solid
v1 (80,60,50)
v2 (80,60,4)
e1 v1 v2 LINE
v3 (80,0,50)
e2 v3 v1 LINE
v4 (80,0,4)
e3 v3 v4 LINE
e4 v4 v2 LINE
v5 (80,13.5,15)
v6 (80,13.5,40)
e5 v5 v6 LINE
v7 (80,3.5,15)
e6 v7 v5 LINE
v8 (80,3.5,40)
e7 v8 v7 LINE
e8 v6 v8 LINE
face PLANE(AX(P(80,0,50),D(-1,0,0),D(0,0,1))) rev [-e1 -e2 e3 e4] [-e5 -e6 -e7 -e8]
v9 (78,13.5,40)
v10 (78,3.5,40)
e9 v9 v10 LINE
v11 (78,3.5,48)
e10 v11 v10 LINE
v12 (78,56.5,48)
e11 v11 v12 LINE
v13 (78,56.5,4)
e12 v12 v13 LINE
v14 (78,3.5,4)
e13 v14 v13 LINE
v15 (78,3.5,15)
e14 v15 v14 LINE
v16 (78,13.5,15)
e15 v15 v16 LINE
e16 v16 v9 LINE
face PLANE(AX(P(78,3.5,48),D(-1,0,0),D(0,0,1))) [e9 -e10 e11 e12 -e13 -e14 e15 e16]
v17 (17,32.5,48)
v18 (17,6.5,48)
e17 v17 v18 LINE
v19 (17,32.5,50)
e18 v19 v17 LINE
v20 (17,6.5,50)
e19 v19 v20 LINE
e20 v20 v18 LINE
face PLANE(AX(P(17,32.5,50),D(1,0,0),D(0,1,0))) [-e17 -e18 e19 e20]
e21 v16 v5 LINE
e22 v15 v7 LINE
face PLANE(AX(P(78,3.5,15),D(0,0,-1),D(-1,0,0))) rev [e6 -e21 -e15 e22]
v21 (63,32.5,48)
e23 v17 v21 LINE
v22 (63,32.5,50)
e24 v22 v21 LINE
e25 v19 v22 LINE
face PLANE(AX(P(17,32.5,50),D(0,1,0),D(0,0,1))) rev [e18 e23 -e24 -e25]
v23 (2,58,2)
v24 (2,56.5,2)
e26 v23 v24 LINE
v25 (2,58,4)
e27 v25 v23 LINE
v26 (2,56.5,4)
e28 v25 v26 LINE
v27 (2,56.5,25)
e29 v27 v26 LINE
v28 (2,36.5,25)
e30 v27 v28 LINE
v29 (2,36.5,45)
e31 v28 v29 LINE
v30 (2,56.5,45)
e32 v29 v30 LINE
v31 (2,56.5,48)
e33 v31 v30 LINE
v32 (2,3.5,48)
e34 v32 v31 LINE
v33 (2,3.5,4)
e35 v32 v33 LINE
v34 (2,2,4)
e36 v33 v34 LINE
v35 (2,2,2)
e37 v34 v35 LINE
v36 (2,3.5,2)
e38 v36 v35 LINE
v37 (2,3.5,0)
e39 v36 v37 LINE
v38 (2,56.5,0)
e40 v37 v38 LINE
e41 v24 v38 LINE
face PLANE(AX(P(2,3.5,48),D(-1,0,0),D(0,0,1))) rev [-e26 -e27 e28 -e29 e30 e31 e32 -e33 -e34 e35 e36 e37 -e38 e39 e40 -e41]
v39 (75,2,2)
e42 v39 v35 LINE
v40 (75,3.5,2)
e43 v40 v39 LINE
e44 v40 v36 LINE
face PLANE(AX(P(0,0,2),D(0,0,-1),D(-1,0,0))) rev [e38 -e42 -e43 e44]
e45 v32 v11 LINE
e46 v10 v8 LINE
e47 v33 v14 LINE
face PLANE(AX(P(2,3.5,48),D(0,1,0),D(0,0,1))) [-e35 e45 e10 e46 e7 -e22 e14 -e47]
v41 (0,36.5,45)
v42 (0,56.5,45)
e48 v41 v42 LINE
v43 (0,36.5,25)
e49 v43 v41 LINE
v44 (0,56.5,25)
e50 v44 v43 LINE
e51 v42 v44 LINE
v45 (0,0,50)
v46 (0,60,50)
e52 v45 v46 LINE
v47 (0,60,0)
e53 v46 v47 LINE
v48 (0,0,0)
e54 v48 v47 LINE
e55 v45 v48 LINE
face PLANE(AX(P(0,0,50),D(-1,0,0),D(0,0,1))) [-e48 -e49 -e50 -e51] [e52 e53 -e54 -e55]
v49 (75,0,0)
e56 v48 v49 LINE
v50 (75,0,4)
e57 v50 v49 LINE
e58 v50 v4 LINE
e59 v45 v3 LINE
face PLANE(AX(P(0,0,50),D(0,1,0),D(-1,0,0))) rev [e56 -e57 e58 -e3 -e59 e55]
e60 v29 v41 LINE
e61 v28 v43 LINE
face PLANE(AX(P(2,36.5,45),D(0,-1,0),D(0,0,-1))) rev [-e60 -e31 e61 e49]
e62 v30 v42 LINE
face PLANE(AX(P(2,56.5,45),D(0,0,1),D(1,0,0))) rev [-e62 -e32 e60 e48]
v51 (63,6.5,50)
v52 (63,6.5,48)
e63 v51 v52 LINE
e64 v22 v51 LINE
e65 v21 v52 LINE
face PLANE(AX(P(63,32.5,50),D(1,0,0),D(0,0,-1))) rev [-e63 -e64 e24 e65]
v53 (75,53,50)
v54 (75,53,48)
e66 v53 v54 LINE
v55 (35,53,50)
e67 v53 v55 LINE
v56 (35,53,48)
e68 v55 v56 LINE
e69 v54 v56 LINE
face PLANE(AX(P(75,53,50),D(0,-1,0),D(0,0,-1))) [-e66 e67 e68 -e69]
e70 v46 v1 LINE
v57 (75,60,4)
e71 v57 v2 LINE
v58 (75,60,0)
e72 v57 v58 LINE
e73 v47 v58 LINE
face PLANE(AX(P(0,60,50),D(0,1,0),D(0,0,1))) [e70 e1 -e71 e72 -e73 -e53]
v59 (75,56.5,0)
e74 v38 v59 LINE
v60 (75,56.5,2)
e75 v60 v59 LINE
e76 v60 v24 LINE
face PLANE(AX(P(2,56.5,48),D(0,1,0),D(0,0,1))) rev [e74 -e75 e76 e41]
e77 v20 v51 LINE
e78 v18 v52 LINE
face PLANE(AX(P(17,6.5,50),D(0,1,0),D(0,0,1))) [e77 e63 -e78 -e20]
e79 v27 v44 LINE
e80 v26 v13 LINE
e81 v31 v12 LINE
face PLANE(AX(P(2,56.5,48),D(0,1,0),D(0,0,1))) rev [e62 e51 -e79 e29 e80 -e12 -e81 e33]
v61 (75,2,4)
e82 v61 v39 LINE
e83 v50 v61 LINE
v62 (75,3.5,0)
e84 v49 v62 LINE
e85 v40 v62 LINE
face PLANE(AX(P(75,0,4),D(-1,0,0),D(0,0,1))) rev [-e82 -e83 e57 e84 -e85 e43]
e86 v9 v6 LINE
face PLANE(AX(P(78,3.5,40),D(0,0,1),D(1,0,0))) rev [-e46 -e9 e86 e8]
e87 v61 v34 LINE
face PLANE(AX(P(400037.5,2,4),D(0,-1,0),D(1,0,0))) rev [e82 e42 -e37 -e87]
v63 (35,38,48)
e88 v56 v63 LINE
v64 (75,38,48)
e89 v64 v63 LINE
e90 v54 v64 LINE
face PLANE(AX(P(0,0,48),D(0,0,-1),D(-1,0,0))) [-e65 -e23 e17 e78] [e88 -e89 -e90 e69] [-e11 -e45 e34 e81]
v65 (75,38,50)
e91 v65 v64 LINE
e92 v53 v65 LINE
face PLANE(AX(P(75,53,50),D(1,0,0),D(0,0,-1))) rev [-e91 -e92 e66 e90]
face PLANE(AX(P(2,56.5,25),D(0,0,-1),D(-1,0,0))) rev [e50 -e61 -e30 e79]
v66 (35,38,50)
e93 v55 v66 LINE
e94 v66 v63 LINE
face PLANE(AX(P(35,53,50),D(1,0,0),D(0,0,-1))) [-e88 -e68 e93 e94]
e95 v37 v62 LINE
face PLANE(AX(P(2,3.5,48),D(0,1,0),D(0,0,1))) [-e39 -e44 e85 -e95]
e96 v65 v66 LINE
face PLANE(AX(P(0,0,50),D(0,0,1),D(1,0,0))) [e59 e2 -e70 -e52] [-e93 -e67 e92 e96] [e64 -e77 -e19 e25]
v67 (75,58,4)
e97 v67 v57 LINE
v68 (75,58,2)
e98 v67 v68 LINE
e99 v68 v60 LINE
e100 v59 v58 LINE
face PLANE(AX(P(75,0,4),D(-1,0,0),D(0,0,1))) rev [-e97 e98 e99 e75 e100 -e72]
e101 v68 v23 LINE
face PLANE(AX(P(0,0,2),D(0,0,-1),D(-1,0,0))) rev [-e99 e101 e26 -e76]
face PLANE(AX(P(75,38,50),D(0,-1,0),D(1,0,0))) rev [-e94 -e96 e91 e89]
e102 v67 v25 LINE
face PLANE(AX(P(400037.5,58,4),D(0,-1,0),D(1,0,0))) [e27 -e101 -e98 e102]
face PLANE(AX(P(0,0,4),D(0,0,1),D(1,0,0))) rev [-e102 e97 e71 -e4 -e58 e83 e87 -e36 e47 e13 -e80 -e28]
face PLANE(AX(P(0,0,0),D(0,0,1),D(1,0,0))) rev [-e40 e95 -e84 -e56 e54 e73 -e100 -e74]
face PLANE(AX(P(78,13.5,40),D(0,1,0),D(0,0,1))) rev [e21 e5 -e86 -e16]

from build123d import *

# Parameters (mm, degrees)
SKETCH_1_W          = 80
SKETCH_1_H          = 60
EXTRUDE_1_DEPTH     = 50
SKETCH_1_3_W        = 76
SKETCH_1_3_H        = 53
CUT_EXTRUDE_1_DEPTH = 48
SKETCH_1_4_W        = 40
SKETCH_1_4_H        = 15
CUT_EXTRUDE_2_DEPTH = 50
SKETCH_1_5_W        = 46
SKETCH_1_5_H        = 26
CUT_EXTRUDE_3_DEPTH = 50
CUT_EXTRUDE_5_DEPTH = 4
CUT_EXTRUDE_START   = 2
SKETCH_1_9_W        = 73
SKETCH_1_9_H        = 56
CUT_EXTRUDE_6_DEPTH = 2
SKETCH_2_W          = 20
SKETCH_2_H          = 20
CUT_EXTRUDE_7_DEPTH = 2
SKETCH_3_W          = 25
SKETCH_3_H          = 10
CUT_EXTRUDE_8_DEPTH = 2


with BuildPart() as part:
    # 草图1 → 凸台-拉伸1 (new body)
    with BuildSketch(Plane.XY):
        with Locations((40, 30)):
            Rectangle(SKETCH_1_W, SKETCH_1_H)
    extrude(amount=EXTRUDE_1_DEPTH)

    # 草图1<3> → 切除-拉伸1 (cut)
    with BuildSketch(Plane.XY):
        with Locations((40, 30)):
            Rectangle(SKETCH_1_3_W, SKETCH_1_3_H)
    extrude(amount=CUT_EXTRUDE_1_DEPTH, mode=Mode.SUBTRACT)

    # 草图1<4> → 切除-拉伸2 (cut)
    with BuildSketch(Plane.XY):
        with Locations((55, 45.5)):
            Rectangle(SKETCH_1_4_W, SKETCH_1_4_H)
    extrude(amount=CUT_EXTRUDE_2_DEPTH, mode=Mode.SUBTRACT)

    # 草图1<5> → 切除-拉伸3 (cut)
    with BuildSketch(Plane.XY):
        with Locations((40, 19.5)):
            Rectangle(SKETCH_1_5_W, SKETCH_1_5_H)
    extrude(amount=CUT_EXTRUDE_3_DEPTH, mode=Mode.SUBTRACT)

    # 草图1<7> → 切除-拉伸5 (cut)
    with BuildSketch(Plane.XY):
        Polygon((75, 2), (75, 0), (80, 0), (80, 60), (75, 60), (75, 58), (75, 56.5), (78, 56.5), (78, 3.5), (75, 3.5), align=None)
    extrude(amount=CUT_EXTRUDE_5_DEPTH, mode=Mode.SUBTRACT)

    # 草图1<9> → 切除-拉伸6 (cut)
    with BuildSketch(Plane.XY.offset(CUT_EXTRUDE_START)):
        with Locations((38.5, 30)):
            Rectangle(SKETCH_1_9_W, SKETCH_1_9_H)
    extrude(amount=CUT_EXTRUDE_6_DEPTH, mode=Mode.SUBTRACT)

    # 草图2 → 切除-拉伸7 (cut)
    with BuildSketch(Plane.ZY):
        with Locations((35, 46.5)):
            Rectangle(SKETCH_2_W, SKETCH_2_H)
    extrude(amount=-CUT_EXTRUDE_7_DEPTH, mode=Mode.SUBTRACT)

    # 草图3 → 切除-拉伸8 (cut)
    with BuildSketch(Plane(origin=(80, 0, 0), x_dir=(0, 0, -1), z_dir=(1, 0, 0))):
        with Locations((-27.5, 8.5)):
            Rectangle(SKETCH_3_W, SKETCH_3_H)
    extrude(amount=-CUT_EXTRUDE_8_DEPTH, mode=Mode.SUBTRACT)


solid = part.part
